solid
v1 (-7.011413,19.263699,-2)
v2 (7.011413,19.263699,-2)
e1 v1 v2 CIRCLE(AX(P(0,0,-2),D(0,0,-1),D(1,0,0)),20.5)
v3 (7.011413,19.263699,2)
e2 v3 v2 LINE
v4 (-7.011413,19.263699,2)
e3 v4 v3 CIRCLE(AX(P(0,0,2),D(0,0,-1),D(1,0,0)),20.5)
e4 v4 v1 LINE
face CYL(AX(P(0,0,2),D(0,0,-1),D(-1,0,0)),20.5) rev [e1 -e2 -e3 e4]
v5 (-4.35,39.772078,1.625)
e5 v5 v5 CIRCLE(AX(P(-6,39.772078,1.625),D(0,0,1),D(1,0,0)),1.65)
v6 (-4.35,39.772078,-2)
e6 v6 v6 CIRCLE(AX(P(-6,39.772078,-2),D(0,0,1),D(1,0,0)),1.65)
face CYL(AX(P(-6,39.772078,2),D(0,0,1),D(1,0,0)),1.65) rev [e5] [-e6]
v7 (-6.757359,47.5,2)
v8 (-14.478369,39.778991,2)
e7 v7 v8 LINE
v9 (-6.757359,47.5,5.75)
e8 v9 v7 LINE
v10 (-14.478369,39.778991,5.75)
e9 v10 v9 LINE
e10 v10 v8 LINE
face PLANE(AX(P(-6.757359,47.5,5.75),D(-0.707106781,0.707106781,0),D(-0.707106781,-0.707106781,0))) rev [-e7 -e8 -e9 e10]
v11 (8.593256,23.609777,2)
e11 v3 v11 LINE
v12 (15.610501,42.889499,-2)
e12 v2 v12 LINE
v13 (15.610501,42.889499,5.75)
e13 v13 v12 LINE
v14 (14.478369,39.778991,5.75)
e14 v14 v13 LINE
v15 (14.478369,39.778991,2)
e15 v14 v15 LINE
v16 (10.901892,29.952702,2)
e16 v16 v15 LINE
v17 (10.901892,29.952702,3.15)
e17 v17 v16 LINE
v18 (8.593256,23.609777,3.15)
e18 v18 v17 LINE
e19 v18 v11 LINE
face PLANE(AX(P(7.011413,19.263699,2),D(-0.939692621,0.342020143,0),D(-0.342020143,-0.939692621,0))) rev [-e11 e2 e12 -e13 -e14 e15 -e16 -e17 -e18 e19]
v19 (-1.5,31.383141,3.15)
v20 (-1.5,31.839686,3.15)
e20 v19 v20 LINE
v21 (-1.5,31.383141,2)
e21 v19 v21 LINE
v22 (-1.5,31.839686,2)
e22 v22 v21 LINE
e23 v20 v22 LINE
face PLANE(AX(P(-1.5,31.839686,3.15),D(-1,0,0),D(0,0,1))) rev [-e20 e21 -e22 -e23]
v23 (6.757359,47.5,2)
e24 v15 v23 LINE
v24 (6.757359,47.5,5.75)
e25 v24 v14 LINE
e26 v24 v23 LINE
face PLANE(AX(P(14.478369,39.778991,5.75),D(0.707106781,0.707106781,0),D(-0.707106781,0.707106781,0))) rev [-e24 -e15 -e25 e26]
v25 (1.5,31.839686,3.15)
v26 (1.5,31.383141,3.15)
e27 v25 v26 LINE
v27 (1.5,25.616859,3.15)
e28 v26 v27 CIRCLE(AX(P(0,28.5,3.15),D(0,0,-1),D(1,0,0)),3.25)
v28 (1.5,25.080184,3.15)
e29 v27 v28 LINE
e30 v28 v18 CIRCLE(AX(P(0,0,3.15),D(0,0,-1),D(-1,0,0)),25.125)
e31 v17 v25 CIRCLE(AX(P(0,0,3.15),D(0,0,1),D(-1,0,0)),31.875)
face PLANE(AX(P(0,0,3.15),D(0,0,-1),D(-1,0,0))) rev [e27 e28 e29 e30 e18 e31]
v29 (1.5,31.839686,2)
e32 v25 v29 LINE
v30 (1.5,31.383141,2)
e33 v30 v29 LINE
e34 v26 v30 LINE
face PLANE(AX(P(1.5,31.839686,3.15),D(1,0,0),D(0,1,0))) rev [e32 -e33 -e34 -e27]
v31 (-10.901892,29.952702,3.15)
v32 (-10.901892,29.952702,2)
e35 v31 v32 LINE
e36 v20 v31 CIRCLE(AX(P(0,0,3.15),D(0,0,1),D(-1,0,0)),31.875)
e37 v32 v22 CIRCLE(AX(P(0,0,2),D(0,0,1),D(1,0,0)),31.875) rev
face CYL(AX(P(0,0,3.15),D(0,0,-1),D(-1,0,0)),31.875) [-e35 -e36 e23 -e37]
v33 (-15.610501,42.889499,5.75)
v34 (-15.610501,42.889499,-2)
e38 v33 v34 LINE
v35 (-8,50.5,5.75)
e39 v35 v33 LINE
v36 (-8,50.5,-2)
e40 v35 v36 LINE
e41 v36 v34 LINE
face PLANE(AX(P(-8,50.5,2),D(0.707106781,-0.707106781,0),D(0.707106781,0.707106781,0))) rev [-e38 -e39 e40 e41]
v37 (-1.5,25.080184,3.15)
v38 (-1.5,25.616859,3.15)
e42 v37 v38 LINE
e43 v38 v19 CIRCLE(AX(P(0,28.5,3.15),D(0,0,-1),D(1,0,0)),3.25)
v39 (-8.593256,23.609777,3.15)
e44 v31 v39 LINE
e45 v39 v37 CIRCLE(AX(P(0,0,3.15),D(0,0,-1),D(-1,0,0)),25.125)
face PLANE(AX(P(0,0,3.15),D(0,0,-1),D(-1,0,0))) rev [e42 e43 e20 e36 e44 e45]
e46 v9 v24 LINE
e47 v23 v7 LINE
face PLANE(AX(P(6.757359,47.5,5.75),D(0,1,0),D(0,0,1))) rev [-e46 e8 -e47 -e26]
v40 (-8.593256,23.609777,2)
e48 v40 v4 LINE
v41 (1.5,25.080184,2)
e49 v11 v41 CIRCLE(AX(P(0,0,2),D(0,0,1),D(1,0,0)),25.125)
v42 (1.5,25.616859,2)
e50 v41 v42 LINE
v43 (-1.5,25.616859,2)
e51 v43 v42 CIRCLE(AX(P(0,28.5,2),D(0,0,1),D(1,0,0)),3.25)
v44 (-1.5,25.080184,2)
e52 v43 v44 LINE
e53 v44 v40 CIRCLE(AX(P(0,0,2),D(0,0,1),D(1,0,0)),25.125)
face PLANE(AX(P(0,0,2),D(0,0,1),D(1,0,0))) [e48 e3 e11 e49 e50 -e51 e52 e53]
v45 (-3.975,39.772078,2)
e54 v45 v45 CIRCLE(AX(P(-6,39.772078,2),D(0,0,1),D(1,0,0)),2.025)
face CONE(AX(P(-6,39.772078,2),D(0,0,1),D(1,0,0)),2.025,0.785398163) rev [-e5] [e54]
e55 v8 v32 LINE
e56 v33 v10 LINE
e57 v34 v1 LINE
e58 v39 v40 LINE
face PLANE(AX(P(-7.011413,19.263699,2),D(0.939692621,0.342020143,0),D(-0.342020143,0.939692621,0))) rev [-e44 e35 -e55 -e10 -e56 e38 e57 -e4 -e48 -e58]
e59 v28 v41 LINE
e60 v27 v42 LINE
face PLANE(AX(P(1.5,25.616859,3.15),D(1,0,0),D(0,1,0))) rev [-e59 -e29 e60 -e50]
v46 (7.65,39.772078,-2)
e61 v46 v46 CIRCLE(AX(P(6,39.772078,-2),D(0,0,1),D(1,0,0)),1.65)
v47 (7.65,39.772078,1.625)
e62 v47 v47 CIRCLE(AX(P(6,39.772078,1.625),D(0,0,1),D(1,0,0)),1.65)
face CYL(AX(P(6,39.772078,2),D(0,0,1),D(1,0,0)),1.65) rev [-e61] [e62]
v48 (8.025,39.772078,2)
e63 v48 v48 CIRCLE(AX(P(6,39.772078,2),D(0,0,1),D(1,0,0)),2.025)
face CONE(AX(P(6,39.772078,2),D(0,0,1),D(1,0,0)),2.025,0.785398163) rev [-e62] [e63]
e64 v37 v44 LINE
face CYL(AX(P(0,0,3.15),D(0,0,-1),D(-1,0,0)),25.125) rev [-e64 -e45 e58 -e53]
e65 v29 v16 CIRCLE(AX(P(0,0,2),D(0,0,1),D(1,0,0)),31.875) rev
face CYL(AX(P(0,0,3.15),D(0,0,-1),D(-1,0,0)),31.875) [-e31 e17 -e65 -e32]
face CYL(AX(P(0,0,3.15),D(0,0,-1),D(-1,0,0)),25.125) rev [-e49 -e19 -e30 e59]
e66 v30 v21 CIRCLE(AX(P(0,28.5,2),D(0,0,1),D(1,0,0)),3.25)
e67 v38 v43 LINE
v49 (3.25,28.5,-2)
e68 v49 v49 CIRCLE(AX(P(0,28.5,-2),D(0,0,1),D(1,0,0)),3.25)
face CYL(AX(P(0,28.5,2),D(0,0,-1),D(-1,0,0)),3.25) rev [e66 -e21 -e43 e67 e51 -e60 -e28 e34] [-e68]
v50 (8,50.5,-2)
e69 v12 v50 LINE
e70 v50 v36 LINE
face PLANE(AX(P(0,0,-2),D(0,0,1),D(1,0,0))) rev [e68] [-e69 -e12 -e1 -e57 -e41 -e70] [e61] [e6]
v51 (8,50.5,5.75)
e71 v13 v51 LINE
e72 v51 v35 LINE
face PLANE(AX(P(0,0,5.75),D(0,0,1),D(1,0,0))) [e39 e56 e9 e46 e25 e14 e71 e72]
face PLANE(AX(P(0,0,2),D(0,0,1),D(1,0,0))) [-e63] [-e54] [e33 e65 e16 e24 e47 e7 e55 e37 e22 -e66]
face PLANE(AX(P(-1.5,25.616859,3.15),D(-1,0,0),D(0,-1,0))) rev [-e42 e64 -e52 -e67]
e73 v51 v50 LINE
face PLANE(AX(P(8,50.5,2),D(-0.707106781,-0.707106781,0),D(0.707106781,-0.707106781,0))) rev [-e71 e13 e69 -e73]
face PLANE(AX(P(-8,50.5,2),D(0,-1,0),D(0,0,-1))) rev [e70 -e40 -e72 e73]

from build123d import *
from build123d.topology import SkipClean

# Parameters (mm, degrees)
ESQUISSE2_R                 = 3.25
BOSS_EXTRU_3_DEPTH          = 2
BOSS_EXTRU_4_DEPTH          = 3.75
BOSS_EXTRU_5_DEPTH          = 1.15
TROU_TARAUD_M43_D           = 3.3
TROU_TARAUD_M43_CSINK_D     = 4.05
TROU_TARAUD_M43_CSINK_ANGLE = 90


with BuildPart() as part:
    # Esquisse2 → Boss.-Extru.3 (new, symmetric)
    with BuildSketch(Plane.XY):
        with BuildLine():
            Line((-8, 50.5), (8, 50.5))
            Line((8, 50.5), (15.610501, 42.889499))
            Line((15.610501, 42.889499), (7.011413, 19.263699))
            ThreePointArc((7.011413, 19.263699), (0, 20.5), (-7.011413, 19.263699))
            Line((-7.011413, 19.263699), (-15.610501, 42.889499))
            Line((-15.610501, 42.889499), (-8, 50.5))
        make_face()
        with Locations((0, 28.5)):
            Circle(ESQUISSE2_R, mode=Mode.SUBTRACT)
    extrude(amount=BOSS_EXTRU_3_DEPTH, both=True)

    # Esquisse3 → Boss.-Extru.4 (add, symmetric)
    with BuildSketch(Plane.XY.offset(2)):
        Polygon((15.610501, 42.889499), (8, 50.5), (-8, 50.5), (-15.610501, 42.889499), (-14.478369, 39.778991), (-6.757359, 47.5), (6.757359, 47.5), (14.478369, 39.778991), align=None)
    extrude(amount=BOSS_EXTRU_4_DEPTH, both=True)

    # Esquisse4 → Boss.-Extru.5 (add, symmetric)
    with SkipClean():  # the faces are left unmerged after this step: merging them gives an invalid solid
        with BuildSketch(Plane.XY.offset(2)):
            with BuildLine():
                Line((8.593256, 23.609777), (10.901892, 29.952702))
                ThreePointArc((10.901892, 29.952702), (6.272313, 31.251779), (1.5, 31.839686))
                Line((1.5, 31.839686), (1.5, 31.383141))
                ThreePointArc((1.5, 31.383141), (3.25, 28.5), (1.5, 25.616859))
                Line((1.5, 25.616859), (1.5, 25.080184))
                ThreePointArc((1.5, 25.080184), (5.0999, 24.601964), (8.593256, 23.609777))
            make_face()
            with BuildLine():
                Line((-10.901892, 29.952702), (-8.593256, 23.609777))
                ThreePointArc((-8.593256, 23.609777), (-5.0999, 24.601964), (-1.5, 25.080184))
                Line((-1.5, 25.080184), (-1.5, 25.616859))
                ThreePointArc((-1.5, 25.616859), (-3.25, 28.5), (-1.5, 31.383141))
                Line((-1.5, 31.383141), (-1.5, 31.839686))
                ThreePointArc((-1.5, 31.839686), (-6.272313, 31.251779), (-10.901892, 29.952702))
            make_face()
        extrude(amount=BOSS_EXTRU_5_DEPTH, both=True)

    # Trou taraudé M43 (through all)
    with Locations(Plane.XY.offset(2)):
        with Locations((-6, 39.772078), (6, 39.772078)):
            CounterSinkHole(TROU_TARAUD_M43_D / 2, TROU_TARAUD_M43_CSINK_D / 2, counter_sink_angle=TROU_TARAUD_M43_CSINK_ANGLE)


solid = part.part
